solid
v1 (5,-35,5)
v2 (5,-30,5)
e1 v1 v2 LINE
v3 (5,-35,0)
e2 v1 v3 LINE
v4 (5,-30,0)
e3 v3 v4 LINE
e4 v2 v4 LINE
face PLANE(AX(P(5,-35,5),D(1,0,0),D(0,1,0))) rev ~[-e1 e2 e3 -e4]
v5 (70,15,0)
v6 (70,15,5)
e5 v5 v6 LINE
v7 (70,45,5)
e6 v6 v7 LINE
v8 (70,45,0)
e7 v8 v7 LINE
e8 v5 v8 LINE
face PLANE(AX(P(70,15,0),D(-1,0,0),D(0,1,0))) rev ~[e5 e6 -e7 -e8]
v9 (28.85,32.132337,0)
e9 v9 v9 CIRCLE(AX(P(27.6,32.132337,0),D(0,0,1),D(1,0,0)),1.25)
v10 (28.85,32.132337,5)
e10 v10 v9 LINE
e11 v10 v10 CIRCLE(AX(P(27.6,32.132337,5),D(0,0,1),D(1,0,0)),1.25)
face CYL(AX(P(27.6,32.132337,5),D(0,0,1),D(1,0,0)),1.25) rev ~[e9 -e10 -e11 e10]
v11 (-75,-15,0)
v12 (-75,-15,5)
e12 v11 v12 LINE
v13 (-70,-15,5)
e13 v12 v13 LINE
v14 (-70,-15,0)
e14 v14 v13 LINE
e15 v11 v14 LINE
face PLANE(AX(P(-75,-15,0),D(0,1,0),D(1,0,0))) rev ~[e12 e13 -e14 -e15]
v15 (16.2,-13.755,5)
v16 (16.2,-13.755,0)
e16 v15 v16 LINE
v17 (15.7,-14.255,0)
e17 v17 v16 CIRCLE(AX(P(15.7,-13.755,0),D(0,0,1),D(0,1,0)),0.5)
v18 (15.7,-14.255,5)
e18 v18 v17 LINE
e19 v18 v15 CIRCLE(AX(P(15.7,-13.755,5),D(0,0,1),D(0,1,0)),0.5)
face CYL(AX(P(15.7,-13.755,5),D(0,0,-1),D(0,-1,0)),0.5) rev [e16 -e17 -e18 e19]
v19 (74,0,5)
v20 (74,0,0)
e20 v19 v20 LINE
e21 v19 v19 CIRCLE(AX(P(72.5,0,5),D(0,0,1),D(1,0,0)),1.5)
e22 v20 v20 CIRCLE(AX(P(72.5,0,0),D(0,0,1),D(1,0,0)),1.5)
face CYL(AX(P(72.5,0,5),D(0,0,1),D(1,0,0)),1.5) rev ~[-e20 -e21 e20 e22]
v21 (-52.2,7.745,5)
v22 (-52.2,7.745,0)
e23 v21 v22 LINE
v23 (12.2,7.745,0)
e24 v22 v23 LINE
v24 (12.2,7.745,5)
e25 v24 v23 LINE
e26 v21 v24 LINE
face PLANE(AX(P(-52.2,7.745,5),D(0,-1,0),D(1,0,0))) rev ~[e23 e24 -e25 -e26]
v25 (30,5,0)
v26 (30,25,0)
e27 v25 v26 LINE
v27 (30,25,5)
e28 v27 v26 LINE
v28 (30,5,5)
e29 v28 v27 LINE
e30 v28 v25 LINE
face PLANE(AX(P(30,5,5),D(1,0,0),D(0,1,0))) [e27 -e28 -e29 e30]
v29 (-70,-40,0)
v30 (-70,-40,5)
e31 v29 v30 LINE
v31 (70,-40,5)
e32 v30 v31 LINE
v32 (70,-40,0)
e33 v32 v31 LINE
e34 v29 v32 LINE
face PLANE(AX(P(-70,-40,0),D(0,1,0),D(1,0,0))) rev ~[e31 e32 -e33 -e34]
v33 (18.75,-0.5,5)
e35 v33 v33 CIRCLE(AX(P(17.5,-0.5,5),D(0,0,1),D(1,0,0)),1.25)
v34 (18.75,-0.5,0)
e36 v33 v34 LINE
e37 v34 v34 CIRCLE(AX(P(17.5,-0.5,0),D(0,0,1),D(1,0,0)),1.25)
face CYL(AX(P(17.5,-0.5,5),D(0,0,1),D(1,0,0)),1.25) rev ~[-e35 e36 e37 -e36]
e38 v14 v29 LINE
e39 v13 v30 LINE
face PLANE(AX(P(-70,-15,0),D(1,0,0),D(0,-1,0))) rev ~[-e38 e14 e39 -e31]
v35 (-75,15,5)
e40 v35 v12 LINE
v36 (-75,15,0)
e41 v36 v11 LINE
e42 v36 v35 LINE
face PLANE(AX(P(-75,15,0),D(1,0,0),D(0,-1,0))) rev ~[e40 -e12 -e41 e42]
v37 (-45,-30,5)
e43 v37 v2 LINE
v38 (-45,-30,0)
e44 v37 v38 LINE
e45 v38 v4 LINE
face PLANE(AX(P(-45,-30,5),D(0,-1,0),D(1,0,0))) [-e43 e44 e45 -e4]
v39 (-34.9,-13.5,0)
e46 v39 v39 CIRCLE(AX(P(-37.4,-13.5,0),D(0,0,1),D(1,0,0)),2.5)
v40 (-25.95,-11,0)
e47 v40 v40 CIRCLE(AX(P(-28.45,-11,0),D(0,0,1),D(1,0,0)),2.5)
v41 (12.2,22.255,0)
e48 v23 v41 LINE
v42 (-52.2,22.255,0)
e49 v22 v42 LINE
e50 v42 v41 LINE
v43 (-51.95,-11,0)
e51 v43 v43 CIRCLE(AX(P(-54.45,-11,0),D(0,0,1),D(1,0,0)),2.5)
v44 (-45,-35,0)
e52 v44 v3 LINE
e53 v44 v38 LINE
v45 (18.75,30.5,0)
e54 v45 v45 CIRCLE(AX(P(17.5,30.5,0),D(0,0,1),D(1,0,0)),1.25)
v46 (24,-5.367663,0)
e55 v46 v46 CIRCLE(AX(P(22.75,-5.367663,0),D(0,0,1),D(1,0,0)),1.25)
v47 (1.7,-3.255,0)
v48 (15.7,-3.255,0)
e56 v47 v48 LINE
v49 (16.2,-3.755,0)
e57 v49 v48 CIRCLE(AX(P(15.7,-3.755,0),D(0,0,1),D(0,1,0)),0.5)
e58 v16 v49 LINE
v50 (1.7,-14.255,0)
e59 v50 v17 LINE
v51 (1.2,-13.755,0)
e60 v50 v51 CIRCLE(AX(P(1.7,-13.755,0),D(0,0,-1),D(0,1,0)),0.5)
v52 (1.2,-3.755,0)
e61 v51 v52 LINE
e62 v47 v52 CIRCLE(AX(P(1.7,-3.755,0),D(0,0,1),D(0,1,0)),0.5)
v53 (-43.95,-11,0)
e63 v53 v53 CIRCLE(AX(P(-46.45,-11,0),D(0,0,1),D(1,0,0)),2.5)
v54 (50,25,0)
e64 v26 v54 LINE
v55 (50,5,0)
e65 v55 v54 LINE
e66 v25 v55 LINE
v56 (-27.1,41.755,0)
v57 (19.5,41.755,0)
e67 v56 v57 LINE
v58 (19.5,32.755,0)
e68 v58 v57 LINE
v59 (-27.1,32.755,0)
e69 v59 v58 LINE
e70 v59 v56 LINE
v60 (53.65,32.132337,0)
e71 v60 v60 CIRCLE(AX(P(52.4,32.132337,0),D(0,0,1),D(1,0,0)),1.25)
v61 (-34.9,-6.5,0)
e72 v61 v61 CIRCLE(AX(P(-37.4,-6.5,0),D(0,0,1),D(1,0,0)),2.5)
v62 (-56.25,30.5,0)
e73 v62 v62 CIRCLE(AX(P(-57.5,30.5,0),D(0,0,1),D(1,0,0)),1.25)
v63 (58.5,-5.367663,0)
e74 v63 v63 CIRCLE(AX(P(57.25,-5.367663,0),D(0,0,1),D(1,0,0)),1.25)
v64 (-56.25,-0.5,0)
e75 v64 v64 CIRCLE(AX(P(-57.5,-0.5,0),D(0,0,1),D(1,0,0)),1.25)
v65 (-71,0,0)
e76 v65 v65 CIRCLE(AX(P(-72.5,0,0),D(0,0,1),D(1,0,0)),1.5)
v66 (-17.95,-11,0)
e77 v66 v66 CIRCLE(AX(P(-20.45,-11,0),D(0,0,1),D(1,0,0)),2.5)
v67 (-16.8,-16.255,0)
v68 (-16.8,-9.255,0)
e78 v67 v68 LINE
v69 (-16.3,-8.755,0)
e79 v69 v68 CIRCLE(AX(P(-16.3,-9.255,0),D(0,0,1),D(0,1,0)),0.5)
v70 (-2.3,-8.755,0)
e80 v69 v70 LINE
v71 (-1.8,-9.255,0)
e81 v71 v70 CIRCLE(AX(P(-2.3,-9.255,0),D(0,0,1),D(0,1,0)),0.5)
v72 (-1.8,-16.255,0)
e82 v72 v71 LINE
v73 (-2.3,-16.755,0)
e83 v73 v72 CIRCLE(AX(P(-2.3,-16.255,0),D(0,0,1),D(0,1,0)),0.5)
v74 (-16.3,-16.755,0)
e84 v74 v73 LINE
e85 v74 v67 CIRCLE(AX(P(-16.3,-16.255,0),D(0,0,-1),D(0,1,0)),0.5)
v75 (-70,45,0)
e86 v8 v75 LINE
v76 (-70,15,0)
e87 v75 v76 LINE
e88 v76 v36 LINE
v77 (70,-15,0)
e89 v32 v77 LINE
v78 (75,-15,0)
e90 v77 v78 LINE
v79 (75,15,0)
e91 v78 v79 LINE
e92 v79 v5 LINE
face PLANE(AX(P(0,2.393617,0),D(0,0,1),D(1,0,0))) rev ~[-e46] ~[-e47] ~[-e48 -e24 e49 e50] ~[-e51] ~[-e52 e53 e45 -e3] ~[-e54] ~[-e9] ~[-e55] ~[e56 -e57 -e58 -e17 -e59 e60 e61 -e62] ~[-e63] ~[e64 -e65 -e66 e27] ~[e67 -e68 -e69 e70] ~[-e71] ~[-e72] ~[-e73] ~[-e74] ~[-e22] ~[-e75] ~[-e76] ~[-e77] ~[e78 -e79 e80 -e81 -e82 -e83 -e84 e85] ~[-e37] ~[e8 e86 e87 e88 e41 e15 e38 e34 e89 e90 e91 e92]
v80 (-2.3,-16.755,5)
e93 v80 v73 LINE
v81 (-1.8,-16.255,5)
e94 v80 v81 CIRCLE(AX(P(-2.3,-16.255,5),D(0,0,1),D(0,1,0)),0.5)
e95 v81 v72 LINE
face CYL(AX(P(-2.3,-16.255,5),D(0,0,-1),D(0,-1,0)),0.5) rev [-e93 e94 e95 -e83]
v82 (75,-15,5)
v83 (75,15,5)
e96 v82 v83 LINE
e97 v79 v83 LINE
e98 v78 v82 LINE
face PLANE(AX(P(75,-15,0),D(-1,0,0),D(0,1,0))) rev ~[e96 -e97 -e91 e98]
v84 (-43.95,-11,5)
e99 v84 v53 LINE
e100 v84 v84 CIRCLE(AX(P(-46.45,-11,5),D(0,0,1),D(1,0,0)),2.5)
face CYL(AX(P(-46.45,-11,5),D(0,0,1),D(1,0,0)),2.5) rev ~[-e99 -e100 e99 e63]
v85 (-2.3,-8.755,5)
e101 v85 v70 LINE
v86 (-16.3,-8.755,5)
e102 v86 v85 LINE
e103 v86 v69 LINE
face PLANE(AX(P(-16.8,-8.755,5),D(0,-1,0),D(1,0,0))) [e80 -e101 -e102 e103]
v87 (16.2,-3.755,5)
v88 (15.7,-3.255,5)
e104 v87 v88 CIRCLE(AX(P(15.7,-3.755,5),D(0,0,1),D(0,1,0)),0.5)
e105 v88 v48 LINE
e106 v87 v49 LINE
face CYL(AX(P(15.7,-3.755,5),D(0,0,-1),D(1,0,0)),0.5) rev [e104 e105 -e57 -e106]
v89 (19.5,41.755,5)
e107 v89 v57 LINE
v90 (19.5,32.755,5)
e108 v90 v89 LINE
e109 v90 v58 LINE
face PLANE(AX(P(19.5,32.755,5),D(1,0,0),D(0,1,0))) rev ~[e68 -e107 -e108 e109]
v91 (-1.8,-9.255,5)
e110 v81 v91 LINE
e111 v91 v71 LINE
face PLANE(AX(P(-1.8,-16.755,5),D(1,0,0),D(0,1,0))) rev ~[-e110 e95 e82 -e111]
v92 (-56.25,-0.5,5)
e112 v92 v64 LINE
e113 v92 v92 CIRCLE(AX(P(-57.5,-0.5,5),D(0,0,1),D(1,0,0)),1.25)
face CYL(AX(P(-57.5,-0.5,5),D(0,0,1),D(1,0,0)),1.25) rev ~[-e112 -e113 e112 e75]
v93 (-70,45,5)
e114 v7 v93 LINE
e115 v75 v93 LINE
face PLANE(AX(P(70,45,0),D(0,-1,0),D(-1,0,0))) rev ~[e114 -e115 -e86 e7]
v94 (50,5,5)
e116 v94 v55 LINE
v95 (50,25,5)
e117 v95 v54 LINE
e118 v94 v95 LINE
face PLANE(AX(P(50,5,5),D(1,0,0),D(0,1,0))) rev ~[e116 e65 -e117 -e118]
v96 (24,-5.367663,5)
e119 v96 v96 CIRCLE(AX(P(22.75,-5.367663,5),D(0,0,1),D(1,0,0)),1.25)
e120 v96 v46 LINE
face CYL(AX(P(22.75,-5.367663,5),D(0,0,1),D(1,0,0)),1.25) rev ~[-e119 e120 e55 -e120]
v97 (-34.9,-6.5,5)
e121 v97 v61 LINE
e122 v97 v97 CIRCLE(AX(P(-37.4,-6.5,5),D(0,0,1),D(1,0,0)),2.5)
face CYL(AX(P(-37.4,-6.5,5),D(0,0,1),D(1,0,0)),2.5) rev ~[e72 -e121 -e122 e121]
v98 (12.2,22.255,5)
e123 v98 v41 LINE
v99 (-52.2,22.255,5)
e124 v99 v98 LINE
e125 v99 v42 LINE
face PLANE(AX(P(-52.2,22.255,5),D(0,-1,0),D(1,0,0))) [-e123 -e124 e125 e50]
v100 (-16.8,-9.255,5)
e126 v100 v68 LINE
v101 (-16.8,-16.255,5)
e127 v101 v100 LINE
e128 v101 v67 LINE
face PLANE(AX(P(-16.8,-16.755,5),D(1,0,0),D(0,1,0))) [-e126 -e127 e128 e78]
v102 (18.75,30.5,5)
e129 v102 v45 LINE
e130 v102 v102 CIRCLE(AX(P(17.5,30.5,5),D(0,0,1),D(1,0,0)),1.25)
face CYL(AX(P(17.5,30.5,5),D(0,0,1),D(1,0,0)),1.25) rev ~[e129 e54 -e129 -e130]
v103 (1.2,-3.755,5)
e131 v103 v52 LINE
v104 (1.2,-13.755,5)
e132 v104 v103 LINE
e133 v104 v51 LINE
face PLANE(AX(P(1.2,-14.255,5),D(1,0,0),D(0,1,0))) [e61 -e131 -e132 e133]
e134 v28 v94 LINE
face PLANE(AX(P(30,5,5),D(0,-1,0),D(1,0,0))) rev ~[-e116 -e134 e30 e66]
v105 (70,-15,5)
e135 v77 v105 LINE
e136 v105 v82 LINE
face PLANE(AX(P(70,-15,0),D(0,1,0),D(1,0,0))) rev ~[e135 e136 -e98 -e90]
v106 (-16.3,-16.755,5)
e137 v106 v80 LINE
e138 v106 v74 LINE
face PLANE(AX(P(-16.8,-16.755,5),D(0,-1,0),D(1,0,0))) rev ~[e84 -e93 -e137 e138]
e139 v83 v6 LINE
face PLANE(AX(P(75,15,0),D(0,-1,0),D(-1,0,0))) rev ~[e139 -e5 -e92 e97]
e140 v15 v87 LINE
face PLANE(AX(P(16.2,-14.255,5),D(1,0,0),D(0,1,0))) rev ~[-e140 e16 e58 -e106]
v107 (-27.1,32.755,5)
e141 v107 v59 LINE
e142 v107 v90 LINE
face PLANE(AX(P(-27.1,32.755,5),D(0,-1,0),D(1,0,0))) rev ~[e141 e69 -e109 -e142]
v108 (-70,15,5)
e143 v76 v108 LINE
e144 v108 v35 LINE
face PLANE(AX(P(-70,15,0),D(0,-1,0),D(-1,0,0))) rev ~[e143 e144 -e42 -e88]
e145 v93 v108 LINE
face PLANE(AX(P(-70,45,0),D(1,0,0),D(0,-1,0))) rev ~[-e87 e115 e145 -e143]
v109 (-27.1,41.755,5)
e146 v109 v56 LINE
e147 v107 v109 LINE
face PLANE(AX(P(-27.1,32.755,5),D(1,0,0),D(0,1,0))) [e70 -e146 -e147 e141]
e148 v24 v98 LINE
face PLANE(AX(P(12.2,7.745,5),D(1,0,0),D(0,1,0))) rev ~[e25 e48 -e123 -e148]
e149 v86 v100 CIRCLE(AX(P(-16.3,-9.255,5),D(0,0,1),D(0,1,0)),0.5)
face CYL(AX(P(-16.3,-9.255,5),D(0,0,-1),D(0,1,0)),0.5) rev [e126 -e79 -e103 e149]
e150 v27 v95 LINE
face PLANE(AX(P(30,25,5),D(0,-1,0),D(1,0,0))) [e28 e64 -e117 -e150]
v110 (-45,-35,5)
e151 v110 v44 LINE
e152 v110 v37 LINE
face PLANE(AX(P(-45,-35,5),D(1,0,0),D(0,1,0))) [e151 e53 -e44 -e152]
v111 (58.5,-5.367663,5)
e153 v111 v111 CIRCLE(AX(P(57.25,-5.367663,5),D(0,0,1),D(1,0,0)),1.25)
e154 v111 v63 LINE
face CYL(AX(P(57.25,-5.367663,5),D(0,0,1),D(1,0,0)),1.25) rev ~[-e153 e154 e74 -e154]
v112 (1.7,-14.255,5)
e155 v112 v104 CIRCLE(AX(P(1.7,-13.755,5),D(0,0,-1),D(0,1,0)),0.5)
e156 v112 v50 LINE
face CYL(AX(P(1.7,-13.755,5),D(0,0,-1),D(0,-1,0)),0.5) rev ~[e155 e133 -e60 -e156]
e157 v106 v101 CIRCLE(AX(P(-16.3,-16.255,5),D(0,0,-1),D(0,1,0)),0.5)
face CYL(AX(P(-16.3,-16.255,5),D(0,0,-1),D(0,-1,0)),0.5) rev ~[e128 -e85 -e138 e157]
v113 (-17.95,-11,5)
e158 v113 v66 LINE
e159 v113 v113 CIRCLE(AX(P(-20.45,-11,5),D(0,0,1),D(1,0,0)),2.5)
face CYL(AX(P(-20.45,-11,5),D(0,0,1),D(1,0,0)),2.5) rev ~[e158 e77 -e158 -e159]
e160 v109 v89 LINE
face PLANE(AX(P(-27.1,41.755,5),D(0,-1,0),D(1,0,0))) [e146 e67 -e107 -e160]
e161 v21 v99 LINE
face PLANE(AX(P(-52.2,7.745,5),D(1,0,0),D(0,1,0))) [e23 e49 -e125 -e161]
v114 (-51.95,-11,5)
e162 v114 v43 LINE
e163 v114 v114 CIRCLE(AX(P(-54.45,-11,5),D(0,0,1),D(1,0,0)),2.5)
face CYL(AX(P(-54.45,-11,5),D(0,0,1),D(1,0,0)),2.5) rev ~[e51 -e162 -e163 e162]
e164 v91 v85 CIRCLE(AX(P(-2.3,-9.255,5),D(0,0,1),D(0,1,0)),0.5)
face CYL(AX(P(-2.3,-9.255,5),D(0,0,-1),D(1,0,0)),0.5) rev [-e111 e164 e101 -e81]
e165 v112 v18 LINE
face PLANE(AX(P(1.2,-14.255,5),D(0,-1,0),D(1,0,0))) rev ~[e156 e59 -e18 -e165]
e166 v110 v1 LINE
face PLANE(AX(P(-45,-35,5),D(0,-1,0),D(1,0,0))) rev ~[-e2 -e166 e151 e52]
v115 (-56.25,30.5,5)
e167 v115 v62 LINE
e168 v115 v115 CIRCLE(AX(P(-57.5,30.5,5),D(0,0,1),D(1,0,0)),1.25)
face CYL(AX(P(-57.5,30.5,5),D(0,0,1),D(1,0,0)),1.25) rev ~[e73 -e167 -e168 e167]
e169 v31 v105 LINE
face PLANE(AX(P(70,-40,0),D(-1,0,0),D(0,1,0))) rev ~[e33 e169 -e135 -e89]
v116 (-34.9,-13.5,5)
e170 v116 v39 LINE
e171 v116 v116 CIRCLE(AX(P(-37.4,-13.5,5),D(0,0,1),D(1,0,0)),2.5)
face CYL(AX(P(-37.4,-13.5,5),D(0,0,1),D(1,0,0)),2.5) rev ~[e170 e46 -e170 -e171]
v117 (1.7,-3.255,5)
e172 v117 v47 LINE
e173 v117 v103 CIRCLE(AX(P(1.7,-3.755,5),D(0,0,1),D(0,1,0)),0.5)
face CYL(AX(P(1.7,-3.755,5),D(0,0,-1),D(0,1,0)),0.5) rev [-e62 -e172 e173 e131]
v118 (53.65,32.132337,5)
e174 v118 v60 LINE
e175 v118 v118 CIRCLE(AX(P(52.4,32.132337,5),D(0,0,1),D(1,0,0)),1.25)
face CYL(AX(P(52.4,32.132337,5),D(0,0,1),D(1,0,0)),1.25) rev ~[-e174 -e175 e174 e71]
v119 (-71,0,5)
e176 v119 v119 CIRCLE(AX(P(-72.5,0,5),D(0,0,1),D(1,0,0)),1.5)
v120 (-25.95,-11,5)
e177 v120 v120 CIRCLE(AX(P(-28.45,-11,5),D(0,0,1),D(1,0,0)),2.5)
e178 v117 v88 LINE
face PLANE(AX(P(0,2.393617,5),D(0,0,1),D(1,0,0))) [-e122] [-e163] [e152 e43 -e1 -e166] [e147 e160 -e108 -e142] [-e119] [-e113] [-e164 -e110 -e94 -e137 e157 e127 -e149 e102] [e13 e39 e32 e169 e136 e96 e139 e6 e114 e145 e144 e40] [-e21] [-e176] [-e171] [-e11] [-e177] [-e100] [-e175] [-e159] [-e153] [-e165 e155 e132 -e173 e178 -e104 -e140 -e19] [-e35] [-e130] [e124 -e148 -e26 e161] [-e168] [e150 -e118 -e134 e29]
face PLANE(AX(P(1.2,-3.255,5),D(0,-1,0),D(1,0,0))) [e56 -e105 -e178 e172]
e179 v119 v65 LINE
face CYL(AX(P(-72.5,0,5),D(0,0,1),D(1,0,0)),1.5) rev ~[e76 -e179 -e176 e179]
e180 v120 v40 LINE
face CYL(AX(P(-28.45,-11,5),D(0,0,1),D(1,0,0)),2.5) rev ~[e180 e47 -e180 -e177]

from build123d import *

# Parameters (mm, degrees)
BOSS_EXTRUDE1_DEPTH = 5
SKETCH2_R           = 1.25
SKETCH2_W           = 64.4
SKETCH2_H           = 14.51
SKETCH2_W_2         = 20
SKETCH2_H_2         = 20
CUT_EXTRUDE1_DEPTH  = 5
SKETCH3_R           = 2.5
SKETCH3_R_2         = 1.5
SKETCH3_W           = 46.6
SKETCH3_H           = 9
SKETCH3_W_2         = 15
SKETCH3_H_2         = 8
SKETCH3_H_3         = 11
SKETCH3_W_3         = 50
SKETCH3_H_4         = 5
CUT_EXTRUDE2_DEPTH  = 10
FILLET1_R           = 0.5


with BuildPart() as part:
    # Sketch1 → Boss-Extrude1 (new body)
    with BuildSketch(Plane.XY):
        Polygon((-75, -15), (-70, -15), (-70, -40), (70, -40), (70, -15), (75, -15), (75, 15), (70, 15), (70, 45), (-70, 45), (-70, 15), (-75, 15), align=None)
    extrude(amount=BOSS_EXTRUDE1_DEPTH)

    # Sketch2 → Cut-Extrude1 (cut)
    with BuildSketch(Plane.XY.offset(5)):
        with Locations((-57.5, 30.5)):
            Circle(SKETCH2_R)
        with Locations((17.5, 30.5)):
            Circle(SKETCH2_R)
        with Locations((17.5, -0.5)):
            Circle(SKETCH2_R)
        with Locations((-57.5, -0.5)):
            Circle(SKETCH2_R)
        with Locations((27.6, 32.132337083)):
            Circle(SKETCH2_R)
        with Locations((52.4, 32.132337083)):
            Circle(SKETCH2_R)
        with Locations((22.75, -5.367662917)):
            Circle(SKETCH2_R)
        with Locations((57.25, -5.367662917)):
            Circle(SKETCH2_R)
        with Locations((-20, 15)):
            Rectangle(SKETCH2_W, SKETCH2_H)
        with Locations((40, 15)):
            Rectangle(SKETCH2_W_2, SKETCH2_H_2)
    extrude(amount=-CUT_EXTRUDE1_DEPTH, mode=Mode.SUBTRACT)

    # Sketch3 → Cut-Extrude2 (cut)
    with BuildSketch(Plane.XY.offset(5)):
        with Locations((-54.45, -11)):
            Circle(SKETCH3_R)
        with Locations((-46.45, -11)):
            Circle(SKETCH3_R)
        with Locations((-37.4, -6.5)):
            Circle(SKETCH3_R)
        with Locations((-28.45, -11)):
            Circle(SKETCH3_R)
        with Locations((-20.45, -11)):
            Circle(SKETCH3_R)
        with Locations((72.5, 0)):
            Circle(SKETCH3_R_2)
        with Locations((-72.5, 0)):
            Circle(SKETCH3_R_2)
        with Locations((-37.4, -13.5)):
            Circle(SKETCH3_R)
        with Locations((-3.8, 37.255)):
            Rectangle(SKETCH3_W, SKETCH3_H)
        with Locations((-9.3, -12.755)):
            Rectangle(SKETCH3_W_2, SKETCH3_H_2)
        with Locations((8.7, -8.755)):
            Rectangle(SKETCH3_W_2, SKETCH3_H_3)
        with Locations((-20, -32.5)):
            Rectangle(SKETCH3_W_3, SKETCH3_H_4)
    extrude(amount=-CUT_EXTRUDE2_DEPTH, mode=Mode.SUBTRACT)

    # Fillet1
    fillet1_edges = [part.edges().sort_by_distance(p)[0] for p in [
        (16.2, -3.255, 2.5),
        (16.2, -14.255, 2.5),
        (1.2, -14.255, 2.5),
        (1.2, -3.255, 2.5),
        (-1.8, -8.755, 2.5),
        (-1.8, -16.755, 2.5),
        (-16.8, -16.755, 2.5),
        (-16.8, -8.755, 2.5),
    ]]
    fillet(fillet1_edges, radius=FILLET1_R)


solid = part.part
